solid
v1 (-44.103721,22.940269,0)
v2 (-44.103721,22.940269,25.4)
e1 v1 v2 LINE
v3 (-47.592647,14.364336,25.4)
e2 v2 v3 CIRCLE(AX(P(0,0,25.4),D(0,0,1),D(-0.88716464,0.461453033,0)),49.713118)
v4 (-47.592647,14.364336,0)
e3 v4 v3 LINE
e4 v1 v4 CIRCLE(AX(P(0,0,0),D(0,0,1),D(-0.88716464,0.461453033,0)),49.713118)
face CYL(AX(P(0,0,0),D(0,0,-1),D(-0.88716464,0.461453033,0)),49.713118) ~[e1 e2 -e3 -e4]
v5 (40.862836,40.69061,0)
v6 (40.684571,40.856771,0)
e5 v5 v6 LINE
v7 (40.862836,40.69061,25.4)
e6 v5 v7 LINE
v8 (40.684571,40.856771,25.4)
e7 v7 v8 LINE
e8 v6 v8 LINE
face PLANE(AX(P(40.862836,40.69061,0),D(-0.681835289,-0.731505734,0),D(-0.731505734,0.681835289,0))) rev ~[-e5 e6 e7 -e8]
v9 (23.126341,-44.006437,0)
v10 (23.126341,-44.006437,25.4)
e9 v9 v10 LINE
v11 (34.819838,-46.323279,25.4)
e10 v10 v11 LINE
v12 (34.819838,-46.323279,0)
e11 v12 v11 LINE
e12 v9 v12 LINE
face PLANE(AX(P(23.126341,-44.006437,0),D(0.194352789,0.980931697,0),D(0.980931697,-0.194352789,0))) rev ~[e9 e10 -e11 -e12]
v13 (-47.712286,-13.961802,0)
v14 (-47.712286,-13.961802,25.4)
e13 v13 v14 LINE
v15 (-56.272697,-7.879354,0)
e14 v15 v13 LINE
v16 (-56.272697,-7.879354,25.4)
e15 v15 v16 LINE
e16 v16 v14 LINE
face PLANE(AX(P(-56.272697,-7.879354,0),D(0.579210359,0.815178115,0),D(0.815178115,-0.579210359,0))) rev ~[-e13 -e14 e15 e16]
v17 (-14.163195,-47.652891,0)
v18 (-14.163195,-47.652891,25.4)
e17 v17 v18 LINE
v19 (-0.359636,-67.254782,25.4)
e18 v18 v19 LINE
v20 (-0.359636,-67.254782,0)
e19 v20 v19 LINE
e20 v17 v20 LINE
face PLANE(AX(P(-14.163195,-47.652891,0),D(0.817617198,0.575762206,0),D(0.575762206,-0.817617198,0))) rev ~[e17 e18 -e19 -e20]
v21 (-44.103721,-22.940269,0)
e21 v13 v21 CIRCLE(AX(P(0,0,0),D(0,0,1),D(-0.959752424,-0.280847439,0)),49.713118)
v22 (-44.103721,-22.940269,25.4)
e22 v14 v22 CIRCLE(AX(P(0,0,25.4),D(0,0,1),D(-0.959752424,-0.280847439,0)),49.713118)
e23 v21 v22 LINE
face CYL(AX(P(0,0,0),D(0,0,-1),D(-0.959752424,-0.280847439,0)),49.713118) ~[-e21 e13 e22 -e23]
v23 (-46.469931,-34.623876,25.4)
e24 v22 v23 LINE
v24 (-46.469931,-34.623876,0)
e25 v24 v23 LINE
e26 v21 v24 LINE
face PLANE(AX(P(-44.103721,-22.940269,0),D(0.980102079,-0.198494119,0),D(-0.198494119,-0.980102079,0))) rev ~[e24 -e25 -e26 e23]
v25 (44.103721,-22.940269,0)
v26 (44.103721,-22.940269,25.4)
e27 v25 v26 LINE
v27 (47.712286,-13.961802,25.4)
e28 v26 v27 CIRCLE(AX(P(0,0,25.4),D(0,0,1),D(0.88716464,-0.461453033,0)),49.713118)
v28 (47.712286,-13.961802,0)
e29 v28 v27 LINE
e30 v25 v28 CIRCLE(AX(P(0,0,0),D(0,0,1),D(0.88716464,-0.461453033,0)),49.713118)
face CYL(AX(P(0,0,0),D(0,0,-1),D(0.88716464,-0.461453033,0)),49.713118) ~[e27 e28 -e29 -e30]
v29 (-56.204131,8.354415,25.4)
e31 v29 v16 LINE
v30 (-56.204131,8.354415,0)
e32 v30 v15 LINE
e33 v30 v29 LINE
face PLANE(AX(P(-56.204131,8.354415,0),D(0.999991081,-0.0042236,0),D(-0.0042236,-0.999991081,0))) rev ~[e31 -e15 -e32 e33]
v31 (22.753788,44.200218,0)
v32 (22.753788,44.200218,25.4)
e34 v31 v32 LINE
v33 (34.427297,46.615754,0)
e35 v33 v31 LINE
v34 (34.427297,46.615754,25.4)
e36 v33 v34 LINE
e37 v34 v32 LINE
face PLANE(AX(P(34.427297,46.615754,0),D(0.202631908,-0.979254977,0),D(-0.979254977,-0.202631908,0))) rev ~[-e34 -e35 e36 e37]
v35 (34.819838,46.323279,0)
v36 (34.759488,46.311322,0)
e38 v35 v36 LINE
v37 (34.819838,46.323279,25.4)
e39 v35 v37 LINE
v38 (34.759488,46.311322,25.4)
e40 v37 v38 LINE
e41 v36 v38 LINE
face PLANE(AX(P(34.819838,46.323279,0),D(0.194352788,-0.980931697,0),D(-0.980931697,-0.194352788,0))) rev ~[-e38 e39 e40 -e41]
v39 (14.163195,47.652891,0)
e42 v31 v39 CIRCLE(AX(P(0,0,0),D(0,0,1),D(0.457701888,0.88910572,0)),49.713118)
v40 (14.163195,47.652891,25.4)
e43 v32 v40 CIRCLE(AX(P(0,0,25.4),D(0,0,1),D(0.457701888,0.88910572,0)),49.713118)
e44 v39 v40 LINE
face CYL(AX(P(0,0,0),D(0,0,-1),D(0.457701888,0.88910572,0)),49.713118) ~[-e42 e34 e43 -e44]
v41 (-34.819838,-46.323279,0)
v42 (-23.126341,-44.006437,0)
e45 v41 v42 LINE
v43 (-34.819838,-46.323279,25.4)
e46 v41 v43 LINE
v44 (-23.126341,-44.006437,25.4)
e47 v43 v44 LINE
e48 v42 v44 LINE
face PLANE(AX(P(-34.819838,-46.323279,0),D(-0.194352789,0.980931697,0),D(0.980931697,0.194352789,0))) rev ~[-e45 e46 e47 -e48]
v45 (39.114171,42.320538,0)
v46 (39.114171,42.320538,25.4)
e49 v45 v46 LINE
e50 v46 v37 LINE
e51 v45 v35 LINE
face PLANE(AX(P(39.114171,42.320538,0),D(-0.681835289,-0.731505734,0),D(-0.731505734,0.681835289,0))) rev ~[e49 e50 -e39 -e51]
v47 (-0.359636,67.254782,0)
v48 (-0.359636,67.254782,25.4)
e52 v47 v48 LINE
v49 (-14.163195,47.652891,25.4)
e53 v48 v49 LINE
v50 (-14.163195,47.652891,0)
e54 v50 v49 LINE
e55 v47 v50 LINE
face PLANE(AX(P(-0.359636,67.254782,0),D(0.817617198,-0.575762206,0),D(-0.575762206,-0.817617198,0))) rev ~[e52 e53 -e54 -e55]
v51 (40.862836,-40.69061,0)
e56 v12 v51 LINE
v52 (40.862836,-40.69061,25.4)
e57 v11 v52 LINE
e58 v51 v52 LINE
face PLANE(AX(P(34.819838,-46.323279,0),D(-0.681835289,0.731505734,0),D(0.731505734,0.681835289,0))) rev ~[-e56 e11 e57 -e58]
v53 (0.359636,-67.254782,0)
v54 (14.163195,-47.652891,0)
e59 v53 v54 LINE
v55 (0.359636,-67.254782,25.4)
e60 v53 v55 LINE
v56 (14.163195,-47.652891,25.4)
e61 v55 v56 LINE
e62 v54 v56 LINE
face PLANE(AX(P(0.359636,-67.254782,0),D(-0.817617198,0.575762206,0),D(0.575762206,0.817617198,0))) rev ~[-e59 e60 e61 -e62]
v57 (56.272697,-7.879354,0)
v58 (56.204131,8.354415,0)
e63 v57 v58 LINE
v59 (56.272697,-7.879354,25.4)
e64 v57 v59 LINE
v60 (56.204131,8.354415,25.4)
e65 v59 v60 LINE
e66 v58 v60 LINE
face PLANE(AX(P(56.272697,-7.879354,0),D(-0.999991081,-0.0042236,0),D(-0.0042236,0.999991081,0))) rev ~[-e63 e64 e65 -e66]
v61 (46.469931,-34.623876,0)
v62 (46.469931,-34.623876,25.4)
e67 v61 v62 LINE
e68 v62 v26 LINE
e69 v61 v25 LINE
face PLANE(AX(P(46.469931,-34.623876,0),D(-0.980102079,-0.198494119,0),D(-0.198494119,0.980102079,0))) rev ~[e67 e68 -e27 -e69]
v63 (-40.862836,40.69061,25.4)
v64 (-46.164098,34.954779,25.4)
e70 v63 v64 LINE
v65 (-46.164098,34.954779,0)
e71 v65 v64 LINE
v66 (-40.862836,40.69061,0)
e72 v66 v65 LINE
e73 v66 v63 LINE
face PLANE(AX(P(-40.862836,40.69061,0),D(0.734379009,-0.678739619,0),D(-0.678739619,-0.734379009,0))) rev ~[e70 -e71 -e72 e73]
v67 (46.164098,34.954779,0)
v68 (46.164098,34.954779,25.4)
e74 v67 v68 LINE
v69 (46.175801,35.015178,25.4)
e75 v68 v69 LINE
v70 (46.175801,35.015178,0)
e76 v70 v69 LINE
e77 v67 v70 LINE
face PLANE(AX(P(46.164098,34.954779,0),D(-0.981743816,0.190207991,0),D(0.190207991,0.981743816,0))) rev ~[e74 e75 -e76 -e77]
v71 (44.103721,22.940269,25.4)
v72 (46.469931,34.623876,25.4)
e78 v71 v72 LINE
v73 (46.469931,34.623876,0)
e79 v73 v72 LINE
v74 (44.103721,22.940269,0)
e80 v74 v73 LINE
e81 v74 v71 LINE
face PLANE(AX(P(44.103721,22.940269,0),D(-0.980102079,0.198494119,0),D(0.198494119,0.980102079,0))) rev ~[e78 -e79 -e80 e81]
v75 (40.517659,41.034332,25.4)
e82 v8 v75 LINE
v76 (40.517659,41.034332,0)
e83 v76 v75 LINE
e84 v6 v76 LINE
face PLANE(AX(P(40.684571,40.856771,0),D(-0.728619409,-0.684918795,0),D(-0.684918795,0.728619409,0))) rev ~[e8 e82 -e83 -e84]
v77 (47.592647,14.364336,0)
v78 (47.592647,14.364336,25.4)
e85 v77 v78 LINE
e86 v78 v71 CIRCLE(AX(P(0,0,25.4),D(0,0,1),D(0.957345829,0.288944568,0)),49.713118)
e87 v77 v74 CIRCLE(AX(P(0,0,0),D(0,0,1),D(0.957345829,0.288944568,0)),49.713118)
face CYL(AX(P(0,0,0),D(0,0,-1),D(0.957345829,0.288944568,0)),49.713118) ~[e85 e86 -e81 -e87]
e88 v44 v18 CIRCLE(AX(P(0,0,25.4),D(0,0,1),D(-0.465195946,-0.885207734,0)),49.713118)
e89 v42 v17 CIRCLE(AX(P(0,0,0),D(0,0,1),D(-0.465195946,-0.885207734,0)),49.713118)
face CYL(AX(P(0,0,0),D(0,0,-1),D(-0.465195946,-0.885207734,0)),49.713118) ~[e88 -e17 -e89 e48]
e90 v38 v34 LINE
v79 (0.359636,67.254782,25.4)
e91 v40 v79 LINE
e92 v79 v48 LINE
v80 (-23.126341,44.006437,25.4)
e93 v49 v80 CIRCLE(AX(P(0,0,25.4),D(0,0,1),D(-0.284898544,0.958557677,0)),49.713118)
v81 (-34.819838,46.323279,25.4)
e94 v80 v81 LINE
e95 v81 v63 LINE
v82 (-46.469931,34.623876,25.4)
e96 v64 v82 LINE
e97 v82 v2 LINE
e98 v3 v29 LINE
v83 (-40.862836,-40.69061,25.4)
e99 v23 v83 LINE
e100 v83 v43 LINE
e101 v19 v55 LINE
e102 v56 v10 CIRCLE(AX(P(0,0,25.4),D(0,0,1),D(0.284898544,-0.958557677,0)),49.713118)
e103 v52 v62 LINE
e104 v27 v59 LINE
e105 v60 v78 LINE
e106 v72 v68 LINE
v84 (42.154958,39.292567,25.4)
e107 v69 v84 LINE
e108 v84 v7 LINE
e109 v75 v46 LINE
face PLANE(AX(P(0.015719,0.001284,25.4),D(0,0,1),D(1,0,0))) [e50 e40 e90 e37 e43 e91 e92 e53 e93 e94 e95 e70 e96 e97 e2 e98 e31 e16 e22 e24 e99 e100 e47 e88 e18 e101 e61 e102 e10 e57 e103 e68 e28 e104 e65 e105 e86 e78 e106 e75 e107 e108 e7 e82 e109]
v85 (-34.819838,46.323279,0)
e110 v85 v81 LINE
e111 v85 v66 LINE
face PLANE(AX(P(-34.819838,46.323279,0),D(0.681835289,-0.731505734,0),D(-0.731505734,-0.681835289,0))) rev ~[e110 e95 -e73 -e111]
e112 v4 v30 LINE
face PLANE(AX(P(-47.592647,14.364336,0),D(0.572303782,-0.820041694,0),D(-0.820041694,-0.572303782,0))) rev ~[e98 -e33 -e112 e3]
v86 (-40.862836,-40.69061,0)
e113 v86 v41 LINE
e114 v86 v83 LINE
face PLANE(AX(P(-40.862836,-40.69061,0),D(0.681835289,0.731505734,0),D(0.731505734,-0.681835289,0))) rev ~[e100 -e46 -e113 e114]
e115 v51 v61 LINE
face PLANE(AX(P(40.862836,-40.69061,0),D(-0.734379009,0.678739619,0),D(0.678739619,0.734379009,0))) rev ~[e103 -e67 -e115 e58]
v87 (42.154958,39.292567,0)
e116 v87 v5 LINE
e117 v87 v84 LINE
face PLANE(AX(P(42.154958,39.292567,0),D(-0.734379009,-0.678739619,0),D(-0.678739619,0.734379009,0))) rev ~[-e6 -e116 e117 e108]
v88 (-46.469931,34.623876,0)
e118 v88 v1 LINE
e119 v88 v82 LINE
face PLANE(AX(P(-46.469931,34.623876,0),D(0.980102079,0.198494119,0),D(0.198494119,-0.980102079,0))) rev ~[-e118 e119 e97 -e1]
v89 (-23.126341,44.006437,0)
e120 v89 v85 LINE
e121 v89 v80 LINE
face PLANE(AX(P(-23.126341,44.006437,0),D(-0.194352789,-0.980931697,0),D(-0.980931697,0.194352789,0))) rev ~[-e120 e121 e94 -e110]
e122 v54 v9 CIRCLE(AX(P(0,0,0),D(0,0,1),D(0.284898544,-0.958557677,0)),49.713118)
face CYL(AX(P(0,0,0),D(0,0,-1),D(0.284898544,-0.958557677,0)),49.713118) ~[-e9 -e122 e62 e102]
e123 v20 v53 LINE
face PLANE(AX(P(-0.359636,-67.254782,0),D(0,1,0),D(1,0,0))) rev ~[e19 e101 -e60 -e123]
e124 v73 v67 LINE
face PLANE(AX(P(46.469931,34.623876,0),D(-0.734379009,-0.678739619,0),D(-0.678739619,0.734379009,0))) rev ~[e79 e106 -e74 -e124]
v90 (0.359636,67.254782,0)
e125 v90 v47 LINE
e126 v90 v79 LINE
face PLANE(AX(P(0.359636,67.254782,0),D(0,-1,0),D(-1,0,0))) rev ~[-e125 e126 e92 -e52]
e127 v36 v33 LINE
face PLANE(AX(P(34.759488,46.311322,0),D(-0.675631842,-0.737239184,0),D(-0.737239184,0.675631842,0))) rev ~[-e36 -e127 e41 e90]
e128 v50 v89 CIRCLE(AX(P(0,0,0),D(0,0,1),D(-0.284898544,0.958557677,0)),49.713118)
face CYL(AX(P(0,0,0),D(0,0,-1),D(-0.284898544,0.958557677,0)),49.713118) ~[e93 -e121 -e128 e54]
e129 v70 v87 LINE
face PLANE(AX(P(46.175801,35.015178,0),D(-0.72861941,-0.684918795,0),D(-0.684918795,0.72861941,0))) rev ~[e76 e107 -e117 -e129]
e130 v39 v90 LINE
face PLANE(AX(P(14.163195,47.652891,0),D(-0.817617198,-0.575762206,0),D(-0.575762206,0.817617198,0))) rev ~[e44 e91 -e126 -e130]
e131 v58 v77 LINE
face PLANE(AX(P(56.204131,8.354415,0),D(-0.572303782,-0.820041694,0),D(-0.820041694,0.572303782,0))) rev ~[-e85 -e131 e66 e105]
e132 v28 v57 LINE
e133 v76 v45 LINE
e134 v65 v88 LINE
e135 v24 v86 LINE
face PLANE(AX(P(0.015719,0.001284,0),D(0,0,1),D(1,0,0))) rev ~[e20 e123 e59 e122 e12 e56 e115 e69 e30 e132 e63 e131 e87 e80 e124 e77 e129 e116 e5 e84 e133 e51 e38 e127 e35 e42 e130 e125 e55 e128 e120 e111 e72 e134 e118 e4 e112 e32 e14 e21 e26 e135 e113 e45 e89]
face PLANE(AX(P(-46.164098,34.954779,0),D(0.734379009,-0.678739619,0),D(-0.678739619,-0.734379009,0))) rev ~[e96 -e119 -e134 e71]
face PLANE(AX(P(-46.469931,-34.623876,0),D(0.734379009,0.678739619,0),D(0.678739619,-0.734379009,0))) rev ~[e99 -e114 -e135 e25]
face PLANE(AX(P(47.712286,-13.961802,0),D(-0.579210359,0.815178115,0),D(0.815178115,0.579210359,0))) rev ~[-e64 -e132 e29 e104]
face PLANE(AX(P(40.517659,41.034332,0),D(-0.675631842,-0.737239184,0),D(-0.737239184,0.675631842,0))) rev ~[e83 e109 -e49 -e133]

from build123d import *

# Parameters (mm, degrees)
F1_DEPTH = 25.4


with BuildPart() as f1:
    # F0 (on Top) → F1 (new body)
    with BuildSketch(Plane.XY):
        with BuildLine():
            ThreePointArc((47.7122859363, -13.9618019762), (49.2103681395, -7.0522203078), (49.7131184266, 0))
            ThreePointArc((49.7131184266, 0), (49.1801434501, 7.2600023364), (47.5926465836, 14.3643355177))
            ThreePointArc((47.5926465836, 14.3643355177), (46.0482639047, 18.7337005168), (44.1037208205, 22.9402692548))
            ThreePointArc((44.1037208205, 22.9402692548), (44.0064369096, 23.1263411333), (43.9083679732, 23.3120004638))
            ThreePointArc((43.9083679732, 23.3120004638), (35.0781695817, 35.2266399546), (23.1263411333, 44.0064369096))
            ThreePointArc((23.1263411333, 44.0064369096), (22.9402692548, 44.1037208205), (22.7537881475, 44.2002179704))
            ThreePointArc((22.7537881475, 44.2002179704), (18.5390439568, 46.126976845), (14.1631950747, 47.6528912971))
            ThreePointArc((14.1631950747, 47.6528912971), (0, 49.7131184266), (-14.1631950747, 47.6528912971))
            ThreePointArc((-14.1631950747, 47.6528912971), (-18.7337005168, 46.0482639047), (-23.1263411333, 44.0064369096))
            ThreePointArc((-23.1263411333, 44.0064369096), (-35.0781695817, 35.2266399546), (-43.9083679732, 23.3120004638))
            ThreePointArc((-43.9083679732, 23.3120004638), (-44.0064369096, 23.1263411333), (-44.1037208205, 22.9402692548))
            ThreePointArc((-44.1037208205, 22.9402692548), (-46.0482639047, 18.7337005168), (-47.5926465836, 14.3643355177))
            ThreePointArc((-47.5926465836, 14.3643355177), (-49.7126750134, 0.2099683469), (-47.7122859363, -13.9618019762))
            ThreePointArc((-47.7122859363, -13.9618019762), (-46.126976845, -18.5390439568), (-44.1037208205, -22.9402692548))
            ThreePointArc((-44.1037208205, -22.9402692548), (-35.2266399546, -35.0781695817), (-23.1263411333, -44.0064369096))
            ThreePointArc((-23.1263411333, -44.0064369096), (-18.7337005168, -46.0482639047), (-14.1631950747, -47.6528912971))
            ThreePointArc((-14.1631950747, -47.6528912971), (0, -49.7131184266), (14.1631950747, -47.6528912971))
            ThreePointArc((14.1631950747, -47.6528912971), (18.7337005168, -46.0482639047), (23.1263411333, -44.0064369096))
            ThreePointArc((23.1263411333, -44.0064369096), (35.2266399546, -35.0781695817), (44.1037208205, -22.9402692548))
            ThreePointArc((44.1037208205, -22.9402692548), (46.126976845, -18.5390439568), (47.7122859363, -13.9618019762))
        make_face()
        with BuildLine():
            ThreePointArc((47.5926465836, 14.3643355177), (49.1801434501, 7.2600023364), (49.7131184266, 0))
            ThreePointArc((49.7131184266, 0), (49.2103681395, -7.0522203078), (47.7122859363, -13.9618019762))
            Line((47.7122859363, -13.9618019762), (56.2726969336, -7.8793536944))
            Line((56.2726969336, -7.8793536944), (56.2384141516, 0.2375307071))
            Line((56.2384141516, 0.2375307071), (56.2041313696, 8.3544151086))
            Line((56.2041313696, 8.3544151086), (47.5926465836, 14.3643355177))
        make_face()
        with BuildLine():
            ThreePointArc((43.9083679732, 23.3120004638), (44.0064369096, 23.1263411333), (44.1037208205, 22.9402692548))
            Line((44.1037208205, 22.9402692548), (46.4699307321, 34.6238761452))
            Line((46.4699307321, 34.6238761452), (46.1640984989, 34.9547788448))
            Line((46.1640984989, 34.9547788448), (43.9083679732, 23.3120004638))
        make_face()
        with BuildLine():
            Line((46.4699307321, -34.6238761452), (44.1037208205, -22.9402692548))
            ThreePointArc((44.1037208205, -22.9402692548), (35.2266399546, -35.0781695817), (23.1263411333, -44.0064369096))
            Line((23.1263411333, -44.0064369096), (34.8198377376, -46.3232788292))
            Line((34.8198377376, -46.3232788292), (40.8628357217, -40.6906103699))
            Line((40.8628357217, -40.6906103699), (46.4699307321, -34.6238761452))
        make_face()
        with BuildLine():
            ThreePointArc((23.1263411333, 44.0064369096), (35.0781695817, 35.2266399546), (43.9083679732, 23.3120004638))
            Line((43.9083679732, 23.3120004638), (46.1640984989, 34.9547788448))
            Line((46.1640984989, 34.9547788448), (42.1549580296, 39.2925668886))
            Line((42.1549580296, 39.2925668886), (40.6845709139, 40.8567707034))
            Line((40.6845709139, 40.8567707034), (39.1141707233, 42.3205381322))
            Line((39.1141707233, 42.3205381322), (34.7594883629, 46.3113217589))
            Line((34.7594883629, 46.3113217589), (23.1263411333, 44.0064369096))
        make_face()
        with BuildLine():
            ThreePointArc((22.7537881475, 44.2002179704), (22.9402692548, 44.1037208205), (23.1263411333, 44.0064369096))
            Line((23.1263411333, 44.0064369096), (34.7594883629, 46.3113217589))
            Line((34.7594883629, 46.3113217589), (34.4272969016, 46.6157536635))
            Line((34.4272969016, 46.6157536635), (22.7537881475, 44.2002179704))
        make_face()
        Polygon((42.1549580296, 39.2925668886), (46.1640984989, 34.9547788448), (46.1758005709, 35.0151781831), align=None)
        with BuildLine():
            Line((0.3596355226, -67.254781723), (14.1631950747, -47.6528912971))
            ThreePointArc((14.1631950747, -47.6528912971), (0, -49.7131184266), (-14.1631950747, -47.6528912971))
            Line((-14.1631950747, -47.6528912971), (-0.3596355226, -67.254781723))
            Line((-0.3596355226, -67.254781723), (0, -67.254781723))
            Line((0, -67.254781723), (0.3596355226, -67.254781723))
        make_face()
        Polygon((34.8198377376, 46.3232788292), (34.7594883629, 46.3113217589), (39.1141707233, 42.3205381322), align=None)
        Polygon((40.6845709139, 40.8567707034), (42.1549580296, 39.2925668886), (40.8628357217, 40.6906103699), align=None)
        with BuildLine():
            ThreePointArc((-14.1631950747, 47.6528912971), (0, 49.7131184266), (14.1631950747, 47.6528912971))
            Line((14.1631950747, 47.6528912971), (0.3596355226, 67.254781723))
            Line((0.3596355226, 67.254781723), (0, 67.254781723))
            Line((0, 67.254781723), (-0.3596355226, 67.254781723))
            Line((-0.3596355226, 67.254781723), (-14.1631950747, 47.6528912971))
        make_face()
        Polygon((40.5176591431, 41.0343321263), (39.1141707233, 42.3205381322), (40.6845709139, 40.8567707034), align=None)
        with BuildLine():
            Line((-34.8198377376, -46.3232788292), (-23.1263411333, -44.0064369096))
            ThreePointArc((-23.1263411333, -44.0064369096), (-35.2266399546, -35.0781695817), (-44.1037208205, -22.9402692548))
            Line((-44.1037208205, -22.9402692548), (-46.4699307321, -34.6238761452))
            Line((-46.4699307321, -34.6238761452), (-40.8628357217, -40.6906103699))
            Line((-40.8628357217, -40.6906103699), (-34.8198377376, -46.3232788292))
        make_face()
        with BuildLine():
            ThreePointArc((-43.9083679732, 23.3120004638), (-35.0781695817, 35.2266399546), (-23.1263411333, 44.0064369096))
            Line((-23.1263411333, 44.0064369096), (-34.8198377376, 46.3232788292))
            Line((-34.8198377376, 46.3232788292), (-40.8628357217, 40.6906103699))
            Line((-40.8628357217, 40.6906103699), (-46.1640984989, 34.9547788448))
            Line((-46.1640984989, 34.9547788448), (-43.9083679732, 23.3120004638))
        make_face()
        with BuildLine():
            Line((-56.2726969336, -7.8793536944), (-47.7122859363, -13.9618019762))
            ThreePointArc((-47.7122859363, -13.9618019762), (-49.7126750134, 0.2099683469), (-47.5926465836, 14.3643355177))
            Line((-47.5926465836, 14.3643355177), (-56.2041313696, 8.3544151086))
            Line((-56.2041313696, 8.3544151086), (-56.2384141516, 0.2375307071))
            Line((-56.2384141516, 0.2375307071), (-56.2726969336, -7.8793536944))
        make_face()
        with BuildLine():
            ThreePointArc((-44.1037208205, 22.9402692548), (-44.0064369096, 23.1263411333), (-43.9083679732, 23.3120004638))
            Line((-43.9083679732, 23.3120004638), (-46.1640984989, 34.9547788448))
            Line((-46.1640984989, 34.9547788448), (-46.4699307321, 34.6238761452))
            Line((-46.4699307321, 34.6238761452), (-44.1037208205, 22.9402692548))
        make_face()
    extrude(amount=F1_DEPTH)


solid = f1.part
